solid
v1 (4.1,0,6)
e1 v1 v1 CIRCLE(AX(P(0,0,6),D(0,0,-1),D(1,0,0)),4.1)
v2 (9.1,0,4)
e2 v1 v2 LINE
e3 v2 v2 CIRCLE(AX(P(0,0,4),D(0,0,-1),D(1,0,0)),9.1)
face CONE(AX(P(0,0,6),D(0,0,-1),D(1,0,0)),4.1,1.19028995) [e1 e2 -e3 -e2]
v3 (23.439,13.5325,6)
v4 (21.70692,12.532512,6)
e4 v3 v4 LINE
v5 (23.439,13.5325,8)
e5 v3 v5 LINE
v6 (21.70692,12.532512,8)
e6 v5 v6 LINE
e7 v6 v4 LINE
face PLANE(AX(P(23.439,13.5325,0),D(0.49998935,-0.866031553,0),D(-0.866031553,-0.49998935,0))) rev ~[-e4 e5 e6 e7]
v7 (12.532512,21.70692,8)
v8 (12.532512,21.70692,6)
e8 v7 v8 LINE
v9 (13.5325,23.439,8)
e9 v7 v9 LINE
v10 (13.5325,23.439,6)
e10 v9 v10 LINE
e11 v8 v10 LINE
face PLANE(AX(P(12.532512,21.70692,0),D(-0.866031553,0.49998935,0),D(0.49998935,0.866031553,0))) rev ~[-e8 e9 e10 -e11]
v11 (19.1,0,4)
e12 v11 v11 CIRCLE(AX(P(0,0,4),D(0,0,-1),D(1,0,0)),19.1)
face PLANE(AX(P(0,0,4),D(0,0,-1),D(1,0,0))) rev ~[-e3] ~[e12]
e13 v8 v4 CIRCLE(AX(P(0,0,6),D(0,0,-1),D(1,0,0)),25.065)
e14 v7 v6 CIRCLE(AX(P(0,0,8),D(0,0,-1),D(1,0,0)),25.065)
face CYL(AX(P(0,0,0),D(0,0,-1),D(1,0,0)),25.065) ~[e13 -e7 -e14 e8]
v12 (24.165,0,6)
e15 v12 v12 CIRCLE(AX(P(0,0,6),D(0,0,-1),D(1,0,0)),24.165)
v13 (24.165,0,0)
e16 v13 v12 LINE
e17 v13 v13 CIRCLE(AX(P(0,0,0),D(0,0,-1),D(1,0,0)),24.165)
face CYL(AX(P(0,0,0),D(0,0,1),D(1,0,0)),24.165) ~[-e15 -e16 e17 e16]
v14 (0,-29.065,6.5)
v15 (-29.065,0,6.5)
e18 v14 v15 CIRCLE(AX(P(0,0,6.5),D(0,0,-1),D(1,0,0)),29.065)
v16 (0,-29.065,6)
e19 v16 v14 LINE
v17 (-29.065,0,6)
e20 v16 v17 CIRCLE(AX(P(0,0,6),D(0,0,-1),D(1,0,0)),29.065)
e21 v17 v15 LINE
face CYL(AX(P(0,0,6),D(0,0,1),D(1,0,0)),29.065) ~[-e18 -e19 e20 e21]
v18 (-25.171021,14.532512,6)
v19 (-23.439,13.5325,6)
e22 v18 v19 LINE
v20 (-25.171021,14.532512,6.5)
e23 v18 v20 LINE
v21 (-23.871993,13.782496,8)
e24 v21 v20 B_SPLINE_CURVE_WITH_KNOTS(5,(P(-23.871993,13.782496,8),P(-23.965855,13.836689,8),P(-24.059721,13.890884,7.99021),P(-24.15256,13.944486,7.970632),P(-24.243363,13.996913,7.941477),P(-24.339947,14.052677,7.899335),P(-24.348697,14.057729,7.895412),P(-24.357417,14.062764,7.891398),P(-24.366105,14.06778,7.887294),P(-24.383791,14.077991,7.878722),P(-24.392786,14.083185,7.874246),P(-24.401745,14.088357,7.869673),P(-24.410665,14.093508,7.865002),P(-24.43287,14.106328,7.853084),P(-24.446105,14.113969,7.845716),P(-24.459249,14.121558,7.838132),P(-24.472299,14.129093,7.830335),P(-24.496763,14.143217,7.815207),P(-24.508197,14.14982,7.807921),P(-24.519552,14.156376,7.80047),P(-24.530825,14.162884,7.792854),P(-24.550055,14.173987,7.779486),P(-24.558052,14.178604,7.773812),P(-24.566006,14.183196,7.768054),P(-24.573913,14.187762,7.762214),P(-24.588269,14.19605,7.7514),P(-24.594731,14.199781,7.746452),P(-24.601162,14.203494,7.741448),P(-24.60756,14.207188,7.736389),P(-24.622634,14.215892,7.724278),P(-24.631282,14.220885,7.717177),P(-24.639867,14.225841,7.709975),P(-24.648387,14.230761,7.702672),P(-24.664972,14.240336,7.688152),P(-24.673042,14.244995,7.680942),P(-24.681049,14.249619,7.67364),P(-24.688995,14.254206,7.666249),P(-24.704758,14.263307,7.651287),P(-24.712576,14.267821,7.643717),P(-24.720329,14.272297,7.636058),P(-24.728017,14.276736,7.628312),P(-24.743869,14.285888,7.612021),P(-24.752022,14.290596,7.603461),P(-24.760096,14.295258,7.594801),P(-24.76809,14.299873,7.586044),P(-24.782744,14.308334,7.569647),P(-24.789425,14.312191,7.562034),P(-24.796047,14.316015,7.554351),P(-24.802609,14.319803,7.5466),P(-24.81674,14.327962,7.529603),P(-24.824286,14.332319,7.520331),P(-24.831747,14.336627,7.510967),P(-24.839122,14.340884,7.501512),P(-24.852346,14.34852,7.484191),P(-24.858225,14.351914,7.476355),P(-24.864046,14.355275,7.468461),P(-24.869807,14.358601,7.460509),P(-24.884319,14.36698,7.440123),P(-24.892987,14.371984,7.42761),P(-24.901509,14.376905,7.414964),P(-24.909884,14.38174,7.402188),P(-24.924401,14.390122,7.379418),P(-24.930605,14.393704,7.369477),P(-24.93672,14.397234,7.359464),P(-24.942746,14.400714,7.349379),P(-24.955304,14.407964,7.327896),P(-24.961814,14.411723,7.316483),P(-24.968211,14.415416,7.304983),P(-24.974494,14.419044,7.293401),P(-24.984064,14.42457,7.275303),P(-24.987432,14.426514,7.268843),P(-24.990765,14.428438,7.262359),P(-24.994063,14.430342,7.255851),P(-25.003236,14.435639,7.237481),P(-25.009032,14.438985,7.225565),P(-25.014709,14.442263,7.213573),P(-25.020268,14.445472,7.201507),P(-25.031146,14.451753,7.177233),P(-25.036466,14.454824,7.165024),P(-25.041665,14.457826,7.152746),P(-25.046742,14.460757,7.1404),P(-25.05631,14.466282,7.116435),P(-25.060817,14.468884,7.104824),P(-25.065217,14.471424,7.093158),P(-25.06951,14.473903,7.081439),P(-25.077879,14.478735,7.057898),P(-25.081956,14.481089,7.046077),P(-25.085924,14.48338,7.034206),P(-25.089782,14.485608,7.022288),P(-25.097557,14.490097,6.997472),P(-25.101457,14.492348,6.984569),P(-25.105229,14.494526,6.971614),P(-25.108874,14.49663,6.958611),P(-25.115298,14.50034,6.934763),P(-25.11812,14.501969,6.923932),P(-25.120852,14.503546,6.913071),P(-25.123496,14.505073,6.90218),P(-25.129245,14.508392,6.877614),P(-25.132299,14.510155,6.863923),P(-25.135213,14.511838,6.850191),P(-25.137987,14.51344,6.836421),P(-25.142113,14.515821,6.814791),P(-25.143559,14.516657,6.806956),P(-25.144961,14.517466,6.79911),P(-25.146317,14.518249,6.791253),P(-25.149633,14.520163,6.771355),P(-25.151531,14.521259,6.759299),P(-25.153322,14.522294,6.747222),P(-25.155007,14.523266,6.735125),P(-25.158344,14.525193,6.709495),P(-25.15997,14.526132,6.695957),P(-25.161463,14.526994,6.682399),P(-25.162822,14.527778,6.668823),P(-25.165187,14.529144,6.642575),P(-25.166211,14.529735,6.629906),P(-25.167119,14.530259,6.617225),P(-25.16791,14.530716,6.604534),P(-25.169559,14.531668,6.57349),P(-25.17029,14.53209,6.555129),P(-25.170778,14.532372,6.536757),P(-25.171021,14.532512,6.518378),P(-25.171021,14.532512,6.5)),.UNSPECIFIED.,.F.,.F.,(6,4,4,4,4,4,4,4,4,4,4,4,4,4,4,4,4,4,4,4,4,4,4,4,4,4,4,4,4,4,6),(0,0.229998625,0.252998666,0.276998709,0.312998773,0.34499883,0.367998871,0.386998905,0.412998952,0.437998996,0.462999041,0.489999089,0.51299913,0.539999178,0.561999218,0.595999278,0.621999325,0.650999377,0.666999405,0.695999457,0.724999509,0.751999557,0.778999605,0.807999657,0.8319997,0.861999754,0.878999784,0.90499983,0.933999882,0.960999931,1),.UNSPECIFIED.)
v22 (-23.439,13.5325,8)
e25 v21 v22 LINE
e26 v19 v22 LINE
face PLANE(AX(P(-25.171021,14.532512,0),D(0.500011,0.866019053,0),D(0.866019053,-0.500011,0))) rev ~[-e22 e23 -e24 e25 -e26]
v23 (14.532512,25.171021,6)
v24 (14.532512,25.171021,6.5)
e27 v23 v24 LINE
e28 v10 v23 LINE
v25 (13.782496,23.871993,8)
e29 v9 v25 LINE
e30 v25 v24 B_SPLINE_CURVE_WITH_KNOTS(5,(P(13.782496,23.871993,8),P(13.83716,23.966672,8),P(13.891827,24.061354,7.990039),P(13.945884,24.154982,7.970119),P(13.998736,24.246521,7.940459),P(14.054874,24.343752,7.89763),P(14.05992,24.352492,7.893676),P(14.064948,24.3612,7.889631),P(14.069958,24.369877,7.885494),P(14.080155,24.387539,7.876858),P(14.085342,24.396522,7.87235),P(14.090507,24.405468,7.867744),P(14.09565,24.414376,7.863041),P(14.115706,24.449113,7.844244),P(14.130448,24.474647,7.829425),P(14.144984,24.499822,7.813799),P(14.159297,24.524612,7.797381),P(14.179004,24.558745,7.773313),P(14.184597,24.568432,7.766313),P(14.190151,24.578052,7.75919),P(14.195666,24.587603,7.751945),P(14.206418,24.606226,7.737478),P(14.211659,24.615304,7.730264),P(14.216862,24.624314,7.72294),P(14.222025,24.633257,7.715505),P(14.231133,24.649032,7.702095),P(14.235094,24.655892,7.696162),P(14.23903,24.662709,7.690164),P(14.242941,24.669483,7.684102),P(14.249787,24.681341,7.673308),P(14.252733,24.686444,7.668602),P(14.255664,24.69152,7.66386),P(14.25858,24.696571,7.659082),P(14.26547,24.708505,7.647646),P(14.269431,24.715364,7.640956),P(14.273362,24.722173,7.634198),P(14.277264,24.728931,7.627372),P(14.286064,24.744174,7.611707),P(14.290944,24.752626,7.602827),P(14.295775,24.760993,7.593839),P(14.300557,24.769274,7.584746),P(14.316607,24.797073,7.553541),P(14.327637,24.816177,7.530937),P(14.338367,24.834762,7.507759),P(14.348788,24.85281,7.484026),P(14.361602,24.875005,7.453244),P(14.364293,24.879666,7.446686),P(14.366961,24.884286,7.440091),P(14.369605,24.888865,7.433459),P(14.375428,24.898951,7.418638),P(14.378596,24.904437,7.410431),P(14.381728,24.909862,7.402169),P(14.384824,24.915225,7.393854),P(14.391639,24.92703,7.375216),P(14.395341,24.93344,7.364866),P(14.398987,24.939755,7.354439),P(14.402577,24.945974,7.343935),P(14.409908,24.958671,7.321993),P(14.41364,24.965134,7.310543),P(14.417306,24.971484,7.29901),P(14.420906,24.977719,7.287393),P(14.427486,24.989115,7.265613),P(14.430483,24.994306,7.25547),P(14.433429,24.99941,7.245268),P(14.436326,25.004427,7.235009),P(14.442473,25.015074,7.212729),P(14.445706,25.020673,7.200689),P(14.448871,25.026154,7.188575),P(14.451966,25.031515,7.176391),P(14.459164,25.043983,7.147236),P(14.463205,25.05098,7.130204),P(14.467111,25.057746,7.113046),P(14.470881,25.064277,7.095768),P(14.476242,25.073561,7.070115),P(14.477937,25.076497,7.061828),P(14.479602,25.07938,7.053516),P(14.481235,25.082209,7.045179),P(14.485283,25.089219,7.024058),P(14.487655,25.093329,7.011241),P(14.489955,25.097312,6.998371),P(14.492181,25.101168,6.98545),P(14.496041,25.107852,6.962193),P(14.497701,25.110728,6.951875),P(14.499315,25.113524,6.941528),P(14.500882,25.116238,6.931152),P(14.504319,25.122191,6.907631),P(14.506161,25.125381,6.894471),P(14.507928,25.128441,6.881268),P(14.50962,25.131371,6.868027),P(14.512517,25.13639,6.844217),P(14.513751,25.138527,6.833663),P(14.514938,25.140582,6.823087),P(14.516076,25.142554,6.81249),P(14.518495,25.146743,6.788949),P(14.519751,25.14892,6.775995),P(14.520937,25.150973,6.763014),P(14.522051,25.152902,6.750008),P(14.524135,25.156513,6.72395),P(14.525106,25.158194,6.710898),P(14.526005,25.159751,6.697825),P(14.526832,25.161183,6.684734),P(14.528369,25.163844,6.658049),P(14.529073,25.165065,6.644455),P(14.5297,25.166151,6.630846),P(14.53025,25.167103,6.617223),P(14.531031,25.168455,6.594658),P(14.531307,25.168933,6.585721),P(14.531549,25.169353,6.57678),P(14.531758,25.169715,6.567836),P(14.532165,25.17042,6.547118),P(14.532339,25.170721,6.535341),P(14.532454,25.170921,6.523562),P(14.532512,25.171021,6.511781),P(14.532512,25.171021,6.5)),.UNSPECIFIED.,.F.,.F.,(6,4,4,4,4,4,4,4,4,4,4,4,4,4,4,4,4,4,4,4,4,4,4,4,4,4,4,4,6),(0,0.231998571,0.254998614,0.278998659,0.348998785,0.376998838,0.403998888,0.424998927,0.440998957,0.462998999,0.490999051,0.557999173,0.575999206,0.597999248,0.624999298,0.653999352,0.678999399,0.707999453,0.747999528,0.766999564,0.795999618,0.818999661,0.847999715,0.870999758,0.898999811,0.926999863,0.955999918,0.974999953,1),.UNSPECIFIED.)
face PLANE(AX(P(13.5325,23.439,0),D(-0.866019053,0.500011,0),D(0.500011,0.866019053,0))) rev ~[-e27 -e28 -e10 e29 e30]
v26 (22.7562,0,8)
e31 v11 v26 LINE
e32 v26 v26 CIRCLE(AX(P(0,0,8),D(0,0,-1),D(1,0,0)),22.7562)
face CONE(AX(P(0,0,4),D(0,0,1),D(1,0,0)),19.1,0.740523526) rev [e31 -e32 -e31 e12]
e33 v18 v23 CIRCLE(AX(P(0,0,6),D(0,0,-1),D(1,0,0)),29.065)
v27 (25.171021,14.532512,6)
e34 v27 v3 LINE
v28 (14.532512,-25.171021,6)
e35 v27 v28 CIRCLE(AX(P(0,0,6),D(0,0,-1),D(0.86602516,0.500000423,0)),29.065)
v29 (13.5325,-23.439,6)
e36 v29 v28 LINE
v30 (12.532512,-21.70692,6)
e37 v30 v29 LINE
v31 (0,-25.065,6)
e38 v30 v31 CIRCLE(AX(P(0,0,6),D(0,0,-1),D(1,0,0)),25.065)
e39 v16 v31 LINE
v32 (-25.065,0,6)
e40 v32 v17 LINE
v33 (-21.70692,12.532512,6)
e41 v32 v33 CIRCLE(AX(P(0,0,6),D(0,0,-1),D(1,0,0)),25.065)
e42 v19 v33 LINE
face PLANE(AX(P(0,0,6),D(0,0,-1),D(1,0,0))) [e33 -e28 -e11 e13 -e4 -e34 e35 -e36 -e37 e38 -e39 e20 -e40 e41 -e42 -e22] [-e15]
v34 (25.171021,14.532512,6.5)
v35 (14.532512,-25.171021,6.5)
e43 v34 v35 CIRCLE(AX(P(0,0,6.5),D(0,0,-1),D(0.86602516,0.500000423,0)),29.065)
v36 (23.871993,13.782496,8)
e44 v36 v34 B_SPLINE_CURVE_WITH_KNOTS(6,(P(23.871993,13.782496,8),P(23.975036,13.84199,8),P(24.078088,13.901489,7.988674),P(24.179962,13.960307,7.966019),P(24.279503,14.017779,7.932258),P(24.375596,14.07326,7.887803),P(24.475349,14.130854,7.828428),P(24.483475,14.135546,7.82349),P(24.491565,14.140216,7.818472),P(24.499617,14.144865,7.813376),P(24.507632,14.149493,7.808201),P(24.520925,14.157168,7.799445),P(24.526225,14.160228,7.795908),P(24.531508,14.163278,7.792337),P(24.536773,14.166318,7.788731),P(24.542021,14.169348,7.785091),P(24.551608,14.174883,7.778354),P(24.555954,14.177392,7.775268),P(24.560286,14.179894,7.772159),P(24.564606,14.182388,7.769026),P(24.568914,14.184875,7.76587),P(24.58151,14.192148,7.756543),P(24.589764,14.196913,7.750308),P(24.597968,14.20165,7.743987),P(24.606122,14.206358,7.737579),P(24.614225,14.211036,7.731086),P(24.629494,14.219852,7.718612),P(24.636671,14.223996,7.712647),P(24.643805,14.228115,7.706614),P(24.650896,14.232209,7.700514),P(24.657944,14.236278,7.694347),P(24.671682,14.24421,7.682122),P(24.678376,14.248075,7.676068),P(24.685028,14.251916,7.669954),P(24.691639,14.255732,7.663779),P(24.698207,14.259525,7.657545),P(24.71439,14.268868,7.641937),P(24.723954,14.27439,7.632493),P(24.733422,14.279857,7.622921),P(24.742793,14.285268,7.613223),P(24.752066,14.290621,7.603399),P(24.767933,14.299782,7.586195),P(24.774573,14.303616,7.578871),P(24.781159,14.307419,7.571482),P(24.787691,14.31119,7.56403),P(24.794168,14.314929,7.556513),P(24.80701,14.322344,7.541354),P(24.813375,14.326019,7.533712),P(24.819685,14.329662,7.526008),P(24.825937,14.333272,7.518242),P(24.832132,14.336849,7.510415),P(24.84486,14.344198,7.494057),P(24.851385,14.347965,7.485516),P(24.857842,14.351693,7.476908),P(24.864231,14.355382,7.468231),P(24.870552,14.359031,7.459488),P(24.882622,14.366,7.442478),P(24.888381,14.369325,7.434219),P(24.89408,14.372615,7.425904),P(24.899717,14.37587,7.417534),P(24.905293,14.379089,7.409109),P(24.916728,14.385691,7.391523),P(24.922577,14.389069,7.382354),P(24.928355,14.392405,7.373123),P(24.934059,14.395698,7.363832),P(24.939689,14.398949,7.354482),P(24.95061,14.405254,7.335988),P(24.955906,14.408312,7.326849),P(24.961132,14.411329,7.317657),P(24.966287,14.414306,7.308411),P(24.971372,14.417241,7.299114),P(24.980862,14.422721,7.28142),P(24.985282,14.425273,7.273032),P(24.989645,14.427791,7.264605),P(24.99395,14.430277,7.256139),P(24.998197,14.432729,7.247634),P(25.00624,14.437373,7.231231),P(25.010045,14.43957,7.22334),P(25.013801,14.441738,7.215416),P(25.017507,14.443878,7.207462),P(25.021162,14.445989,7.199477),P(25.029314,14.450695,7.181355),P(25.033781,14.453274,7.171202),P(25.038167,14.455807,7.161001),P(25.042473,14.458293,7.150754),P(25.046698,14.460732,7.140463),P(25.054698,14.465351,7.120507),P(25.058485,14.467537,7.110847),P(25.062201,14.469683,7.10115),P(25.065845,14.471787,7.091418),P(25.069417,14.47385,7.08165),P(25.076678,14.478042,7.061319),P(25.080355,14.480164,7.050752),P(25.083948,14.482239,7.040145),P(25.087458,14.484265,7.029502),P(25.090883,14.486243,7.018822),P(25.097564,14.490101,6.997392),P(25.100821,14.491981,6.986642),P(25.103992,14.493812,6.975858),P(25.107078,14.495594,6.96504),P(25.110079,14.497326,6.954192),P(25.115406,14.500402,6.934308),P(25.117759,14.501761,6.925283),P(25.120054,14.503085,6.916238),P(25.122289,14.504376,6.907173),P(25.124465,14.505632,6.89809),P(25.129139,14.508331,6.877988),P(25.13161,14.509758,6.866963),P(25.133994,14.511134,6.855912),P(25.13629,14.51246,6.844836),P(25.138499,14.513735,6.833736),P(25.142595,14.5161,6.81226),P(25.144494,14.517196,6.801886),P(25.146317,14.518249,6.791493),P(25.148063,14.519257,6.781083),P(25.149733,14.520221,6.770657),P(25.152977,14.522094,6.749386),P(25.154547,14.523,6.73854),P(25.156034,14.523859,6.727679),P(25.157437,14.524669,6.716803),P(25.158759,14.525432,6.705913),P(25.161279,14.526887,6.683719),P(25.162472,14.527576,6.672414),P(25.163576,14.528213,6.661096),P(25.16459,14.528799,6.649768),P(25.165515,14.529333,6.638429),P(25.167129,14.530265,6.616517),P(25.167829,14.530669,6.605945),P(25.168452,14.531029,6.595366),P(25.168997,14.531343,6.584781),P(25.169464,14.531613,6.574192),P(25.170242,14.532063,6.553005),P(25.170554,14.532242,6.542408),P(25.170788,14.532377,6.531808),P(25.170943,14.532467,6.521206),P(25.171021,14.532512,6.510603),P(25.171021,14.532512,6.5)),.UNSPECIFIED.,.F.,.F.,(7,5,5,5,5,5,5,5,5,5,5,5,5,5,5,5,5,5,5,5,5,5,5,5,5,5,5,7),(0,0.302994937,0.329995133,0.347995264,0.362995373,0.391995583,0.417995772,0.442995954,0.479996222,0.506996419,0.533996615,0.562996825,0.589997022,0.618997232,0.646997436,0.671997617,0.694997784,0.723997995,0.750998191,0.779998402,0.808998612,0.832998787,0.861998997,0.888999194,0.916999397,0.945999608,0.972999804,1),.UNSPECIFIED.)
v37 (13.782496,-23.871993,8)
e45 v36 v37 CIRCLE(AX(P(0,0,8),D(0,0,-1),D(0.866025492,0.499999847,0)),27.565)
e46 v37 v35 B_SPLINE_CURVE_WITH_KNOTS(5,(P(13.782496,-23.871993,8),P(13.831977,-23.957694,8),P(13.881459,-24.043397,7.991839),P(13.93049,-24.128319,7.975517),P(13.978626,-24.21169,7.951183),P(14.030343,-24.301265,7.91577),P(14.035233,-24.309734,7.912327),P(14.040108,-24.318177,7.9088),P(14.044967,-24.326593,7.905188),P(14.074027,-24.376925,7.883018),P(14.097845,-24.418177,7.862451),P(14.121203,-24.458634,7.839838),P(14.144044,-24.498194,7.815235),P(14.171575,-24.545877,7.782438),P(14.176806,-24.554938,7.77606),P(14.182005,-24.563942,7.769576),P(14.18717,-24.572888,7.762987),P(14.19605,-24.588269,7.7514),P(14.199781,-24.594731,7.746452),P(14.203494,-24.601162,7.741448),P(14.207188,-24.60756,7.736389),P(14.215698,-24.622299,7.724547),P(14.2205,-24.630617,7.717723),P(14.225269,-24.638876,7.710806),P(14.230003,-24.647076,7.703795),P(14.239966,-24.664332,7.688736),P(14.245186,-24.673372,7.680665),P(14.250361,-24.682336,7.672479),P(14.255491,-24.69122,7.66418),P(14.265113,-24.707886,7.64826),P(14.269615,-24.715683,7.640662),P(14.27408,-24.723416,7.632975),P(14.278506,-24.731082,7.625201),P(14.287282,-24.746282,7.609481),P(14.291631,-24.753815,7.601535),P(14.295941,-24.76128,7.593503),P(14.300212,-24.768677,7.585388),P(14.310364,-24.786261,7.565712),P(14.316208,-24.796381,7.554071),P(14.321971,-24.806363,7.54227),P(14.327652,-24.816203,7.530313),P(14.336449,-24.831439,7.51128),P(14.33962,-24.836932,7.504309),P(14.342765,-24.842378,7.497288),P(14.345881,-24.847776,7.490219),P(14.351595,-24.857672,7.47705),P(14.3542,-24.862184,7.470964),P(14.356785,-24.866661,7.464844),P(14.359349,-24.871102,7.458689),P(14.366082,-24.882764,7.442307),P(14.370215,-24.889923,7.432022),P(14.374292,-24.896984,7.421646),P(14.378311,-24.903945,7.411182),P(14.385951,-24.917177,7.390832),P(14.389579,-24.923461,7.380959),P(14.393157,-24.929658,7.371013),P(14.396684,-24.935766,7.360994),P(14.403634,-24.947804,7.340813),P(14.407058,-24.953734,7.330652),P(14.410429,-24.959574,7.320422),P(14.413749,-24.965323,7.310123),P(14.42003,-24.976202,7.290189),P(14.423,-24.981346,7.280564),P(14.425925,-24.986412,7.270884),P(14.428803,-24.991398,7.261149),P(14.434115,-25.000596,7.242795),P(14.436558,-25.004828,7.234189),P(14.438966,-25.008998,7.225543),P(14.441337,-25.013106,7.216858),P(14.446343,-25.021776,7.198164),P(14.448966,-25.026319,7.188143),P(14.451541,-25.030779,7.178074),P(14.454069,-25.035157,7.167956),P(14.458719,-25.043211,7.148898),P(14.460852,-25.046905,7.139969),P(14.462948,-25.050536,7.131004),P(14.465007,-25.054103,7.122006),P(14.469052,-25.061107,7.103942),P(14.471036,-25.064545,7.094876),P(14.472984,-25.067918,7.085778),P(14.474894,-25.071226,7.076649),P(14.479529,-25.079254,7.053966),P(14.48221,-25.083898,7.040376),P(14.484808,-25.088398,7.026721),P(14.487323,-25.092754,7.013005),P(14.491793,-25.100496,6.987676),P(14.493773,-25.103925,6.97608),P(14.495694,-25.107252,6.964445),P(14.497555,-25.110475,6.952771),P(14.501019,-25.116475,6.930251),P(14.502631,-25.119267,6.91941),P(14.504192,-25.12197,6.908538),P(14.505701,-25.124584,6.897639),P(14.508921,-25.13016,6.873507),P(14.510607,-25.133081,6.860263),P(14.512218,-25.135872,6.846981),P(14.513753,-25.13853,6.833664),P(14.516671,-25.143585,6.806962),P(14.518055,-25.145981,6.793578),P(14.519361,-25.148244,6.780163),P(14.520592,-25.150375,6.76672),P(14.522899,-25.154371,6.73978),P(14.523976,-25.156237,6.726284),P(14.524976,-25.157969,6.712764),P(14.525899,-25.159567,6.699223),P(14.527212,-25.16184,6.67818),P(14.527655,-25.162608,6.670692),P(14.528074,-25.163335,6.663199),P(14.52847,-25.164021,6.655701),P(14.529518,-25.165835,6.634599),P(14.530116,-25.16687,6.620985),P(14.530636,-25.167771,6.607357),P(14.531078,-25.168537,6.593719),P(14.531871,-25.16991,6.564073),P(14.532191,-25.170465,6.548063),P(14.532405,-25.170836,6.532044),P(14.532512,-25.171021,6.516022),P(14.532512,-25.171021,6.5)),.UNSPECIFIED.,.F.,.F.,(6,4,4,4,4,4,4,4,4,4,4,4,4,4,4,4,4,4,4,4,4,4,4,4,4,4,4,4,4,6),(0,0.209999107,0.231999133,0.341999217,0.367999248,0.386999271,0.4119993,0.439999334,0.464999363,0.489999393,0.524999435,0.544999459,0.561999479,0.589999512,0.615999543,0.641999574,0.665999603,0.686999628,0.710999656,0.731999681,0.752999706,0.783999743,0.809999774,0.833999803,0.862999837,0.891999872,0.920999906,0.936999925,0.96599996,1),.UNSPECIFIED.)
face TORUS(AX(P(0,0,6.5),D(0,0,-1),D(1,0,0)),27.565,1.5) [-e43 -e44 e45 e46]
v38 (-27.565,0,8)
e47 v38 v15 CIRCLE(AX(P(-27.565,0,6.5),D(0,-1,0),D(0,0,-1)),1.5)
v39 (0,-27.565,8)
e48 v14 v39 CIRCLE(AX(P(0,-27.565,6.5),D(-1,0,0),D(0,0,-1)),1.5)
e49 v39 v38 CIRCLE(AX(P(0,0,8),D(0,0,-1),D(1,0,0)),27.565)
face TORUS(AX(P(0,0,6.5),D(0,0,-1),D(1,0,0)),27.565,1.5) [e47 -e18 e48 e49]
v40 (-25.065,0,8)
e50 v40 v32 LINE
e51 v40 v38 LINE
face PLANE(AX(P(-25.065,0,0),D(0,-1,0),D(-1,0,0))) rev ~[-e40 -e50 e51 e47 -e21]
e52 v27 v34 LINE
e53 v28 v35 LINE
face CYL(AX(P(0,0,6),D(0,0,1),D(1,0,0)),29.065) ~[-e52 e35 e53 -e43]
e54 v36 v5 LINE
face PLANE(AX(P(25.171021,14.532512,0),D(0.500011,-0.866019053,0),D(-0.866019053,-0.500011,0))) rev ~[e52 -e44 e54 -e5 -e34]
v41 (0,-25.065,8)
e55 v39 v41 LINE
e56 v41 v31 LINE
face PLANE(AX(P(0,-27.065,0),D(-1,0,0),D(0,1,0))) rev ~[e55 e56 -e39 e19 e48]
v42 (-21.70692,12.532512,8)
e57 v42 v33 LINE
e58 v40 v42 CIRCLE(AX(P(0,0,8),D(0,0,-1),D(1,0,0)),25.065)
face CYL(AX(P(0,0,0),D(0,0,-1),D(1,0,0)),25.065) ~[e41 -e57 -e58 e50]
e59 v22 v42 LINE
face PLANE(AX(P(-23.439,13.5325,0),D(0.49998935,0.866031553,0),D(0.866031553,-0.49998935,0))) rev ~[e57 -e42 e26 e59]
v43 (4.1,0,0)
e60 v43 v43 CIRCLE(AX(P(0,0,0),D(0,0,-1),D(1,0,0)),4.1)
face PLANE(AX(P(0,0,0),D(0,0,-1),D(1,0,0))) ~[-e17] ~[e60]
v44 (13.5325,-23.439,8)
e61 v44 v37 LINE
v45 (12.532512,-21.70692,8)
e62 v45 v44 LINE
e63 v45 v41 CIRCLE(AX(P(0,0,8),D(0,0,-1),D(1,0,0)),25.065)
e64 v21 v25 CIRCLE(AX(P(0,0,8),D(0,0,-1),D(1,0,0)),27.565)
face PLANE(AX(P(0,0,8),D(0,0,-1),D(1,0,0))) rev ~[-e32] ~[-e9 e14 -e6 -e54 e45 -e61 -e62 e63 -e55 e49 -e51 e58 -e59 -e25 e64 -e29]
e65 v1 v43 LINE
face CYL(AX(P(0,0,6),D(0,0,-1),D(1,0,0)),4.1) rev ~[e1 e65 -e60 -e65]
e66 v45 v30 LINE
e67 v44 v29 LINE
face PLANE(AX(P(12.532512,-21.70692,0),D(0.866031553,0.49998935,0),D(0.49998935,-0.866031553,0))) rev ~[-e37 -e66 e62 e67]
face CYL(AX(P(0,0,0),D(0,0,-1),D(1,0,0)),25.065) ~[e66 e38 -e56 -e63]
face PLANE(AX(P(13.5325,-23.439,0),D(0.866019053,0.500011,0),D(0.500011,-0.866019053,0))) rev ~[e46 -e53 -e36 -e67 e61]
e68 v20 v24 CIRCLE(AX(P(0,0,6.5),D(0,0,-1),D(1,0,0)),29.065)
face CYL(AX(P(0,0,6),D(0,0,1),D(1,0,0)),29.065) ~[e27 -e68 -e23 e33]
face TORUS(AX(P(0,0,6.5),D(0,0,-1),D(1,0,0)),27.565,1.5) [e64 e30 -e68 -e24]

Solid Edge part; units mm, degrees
sketch "Sketch1" plane through (0, 0, 0) normal (0, -1, 0) x (1, 0, 0)
  line L0 (4.1, 0) -> (24.165, 0)
  line L1 (24.165, 0) -> (24.165, 6)
  line L2 (29.065, 6) -> (24.165, 6)
  line L3 (29.065, 6) -> (29.065, 6.5)
  arc A0 (27.565, 8) -> (29.065, 6.5) centre (27.565, 6.5) cw
  line L4 (27.565, 8) -> (22.7562, 8)
  line L5 (19.1, 4) -> (22.7562, 8)
  line L6 (19.1, 4) -> (9.1, 4)
  line L7 (4.1, 6) -> (9.1, 4)
  line L8 (4.1, 6) -> (4.1, 0)
revolve "RevolvedProtrusion1" add sketch "Sketch1" angle 360 about axis through (0, 0, 57.15) along (0, 0, -1)
sketch "Sketch2" plane through (0, 0, 0) normal (0, 0, 1) x (1, 0, 0)
  line L0 (0, -27.065) -> (0, -25.065)
  arc A0 (0, -25.065) -> (12.5325, -21.7069) centre (0, 0) ccw
  line L1 (12.5325, -21.7069) -> (13.5325, -23.439)
  line L2 (13.5325, -23.439) -> (14.5325, -25.171)
  arc A1 (14.5325, -25.171) -> (0, -29.065) centre (0, 0) cw
  line L3 (0, -29.065) -> (0, -27.065)
  line L4 (-23.439, 13.5325) -> (-21.7069, 12.5325)
  arc A2 (-21.7069, 12.5325) -> (-25.065, 0) centre (0, 0) ccw
  line L5 (-25.065, 0) -> (-27.065, 0)
  line L6 (-27.065, 0) -> (-29.065, 0)
  arc A3 (-29.065, 0) -> (-25.171, 14.5325) centre (0, 0) cw
  line L7 (-25.171, 14.5325) -> (-23.439, 13.5325)
  line L8 (23.439, 13.5325) -> (21.7069, 12.5325)
  arc A4 (21.7069, 12.5325) -> (12.5325, 21.7069) centre (0, 0) ccw
  line L9 (12.5325, 21.7069) -> (13.5325, 23.439)
  line L10 (13.5325, 23.439) -> (14.5325, 25.171)
  arc A5 (14.5325, 25.171) -> (25.171, 14.5325) centre (0, 0) cw
  line L11 (25.171, 14.5325) -> (23.439, 13.5325)
extrude "Cutout1" cut sketch "Sketch2" along normal through all and the other way through all
properties material "ABS Plastic, medium impact"
